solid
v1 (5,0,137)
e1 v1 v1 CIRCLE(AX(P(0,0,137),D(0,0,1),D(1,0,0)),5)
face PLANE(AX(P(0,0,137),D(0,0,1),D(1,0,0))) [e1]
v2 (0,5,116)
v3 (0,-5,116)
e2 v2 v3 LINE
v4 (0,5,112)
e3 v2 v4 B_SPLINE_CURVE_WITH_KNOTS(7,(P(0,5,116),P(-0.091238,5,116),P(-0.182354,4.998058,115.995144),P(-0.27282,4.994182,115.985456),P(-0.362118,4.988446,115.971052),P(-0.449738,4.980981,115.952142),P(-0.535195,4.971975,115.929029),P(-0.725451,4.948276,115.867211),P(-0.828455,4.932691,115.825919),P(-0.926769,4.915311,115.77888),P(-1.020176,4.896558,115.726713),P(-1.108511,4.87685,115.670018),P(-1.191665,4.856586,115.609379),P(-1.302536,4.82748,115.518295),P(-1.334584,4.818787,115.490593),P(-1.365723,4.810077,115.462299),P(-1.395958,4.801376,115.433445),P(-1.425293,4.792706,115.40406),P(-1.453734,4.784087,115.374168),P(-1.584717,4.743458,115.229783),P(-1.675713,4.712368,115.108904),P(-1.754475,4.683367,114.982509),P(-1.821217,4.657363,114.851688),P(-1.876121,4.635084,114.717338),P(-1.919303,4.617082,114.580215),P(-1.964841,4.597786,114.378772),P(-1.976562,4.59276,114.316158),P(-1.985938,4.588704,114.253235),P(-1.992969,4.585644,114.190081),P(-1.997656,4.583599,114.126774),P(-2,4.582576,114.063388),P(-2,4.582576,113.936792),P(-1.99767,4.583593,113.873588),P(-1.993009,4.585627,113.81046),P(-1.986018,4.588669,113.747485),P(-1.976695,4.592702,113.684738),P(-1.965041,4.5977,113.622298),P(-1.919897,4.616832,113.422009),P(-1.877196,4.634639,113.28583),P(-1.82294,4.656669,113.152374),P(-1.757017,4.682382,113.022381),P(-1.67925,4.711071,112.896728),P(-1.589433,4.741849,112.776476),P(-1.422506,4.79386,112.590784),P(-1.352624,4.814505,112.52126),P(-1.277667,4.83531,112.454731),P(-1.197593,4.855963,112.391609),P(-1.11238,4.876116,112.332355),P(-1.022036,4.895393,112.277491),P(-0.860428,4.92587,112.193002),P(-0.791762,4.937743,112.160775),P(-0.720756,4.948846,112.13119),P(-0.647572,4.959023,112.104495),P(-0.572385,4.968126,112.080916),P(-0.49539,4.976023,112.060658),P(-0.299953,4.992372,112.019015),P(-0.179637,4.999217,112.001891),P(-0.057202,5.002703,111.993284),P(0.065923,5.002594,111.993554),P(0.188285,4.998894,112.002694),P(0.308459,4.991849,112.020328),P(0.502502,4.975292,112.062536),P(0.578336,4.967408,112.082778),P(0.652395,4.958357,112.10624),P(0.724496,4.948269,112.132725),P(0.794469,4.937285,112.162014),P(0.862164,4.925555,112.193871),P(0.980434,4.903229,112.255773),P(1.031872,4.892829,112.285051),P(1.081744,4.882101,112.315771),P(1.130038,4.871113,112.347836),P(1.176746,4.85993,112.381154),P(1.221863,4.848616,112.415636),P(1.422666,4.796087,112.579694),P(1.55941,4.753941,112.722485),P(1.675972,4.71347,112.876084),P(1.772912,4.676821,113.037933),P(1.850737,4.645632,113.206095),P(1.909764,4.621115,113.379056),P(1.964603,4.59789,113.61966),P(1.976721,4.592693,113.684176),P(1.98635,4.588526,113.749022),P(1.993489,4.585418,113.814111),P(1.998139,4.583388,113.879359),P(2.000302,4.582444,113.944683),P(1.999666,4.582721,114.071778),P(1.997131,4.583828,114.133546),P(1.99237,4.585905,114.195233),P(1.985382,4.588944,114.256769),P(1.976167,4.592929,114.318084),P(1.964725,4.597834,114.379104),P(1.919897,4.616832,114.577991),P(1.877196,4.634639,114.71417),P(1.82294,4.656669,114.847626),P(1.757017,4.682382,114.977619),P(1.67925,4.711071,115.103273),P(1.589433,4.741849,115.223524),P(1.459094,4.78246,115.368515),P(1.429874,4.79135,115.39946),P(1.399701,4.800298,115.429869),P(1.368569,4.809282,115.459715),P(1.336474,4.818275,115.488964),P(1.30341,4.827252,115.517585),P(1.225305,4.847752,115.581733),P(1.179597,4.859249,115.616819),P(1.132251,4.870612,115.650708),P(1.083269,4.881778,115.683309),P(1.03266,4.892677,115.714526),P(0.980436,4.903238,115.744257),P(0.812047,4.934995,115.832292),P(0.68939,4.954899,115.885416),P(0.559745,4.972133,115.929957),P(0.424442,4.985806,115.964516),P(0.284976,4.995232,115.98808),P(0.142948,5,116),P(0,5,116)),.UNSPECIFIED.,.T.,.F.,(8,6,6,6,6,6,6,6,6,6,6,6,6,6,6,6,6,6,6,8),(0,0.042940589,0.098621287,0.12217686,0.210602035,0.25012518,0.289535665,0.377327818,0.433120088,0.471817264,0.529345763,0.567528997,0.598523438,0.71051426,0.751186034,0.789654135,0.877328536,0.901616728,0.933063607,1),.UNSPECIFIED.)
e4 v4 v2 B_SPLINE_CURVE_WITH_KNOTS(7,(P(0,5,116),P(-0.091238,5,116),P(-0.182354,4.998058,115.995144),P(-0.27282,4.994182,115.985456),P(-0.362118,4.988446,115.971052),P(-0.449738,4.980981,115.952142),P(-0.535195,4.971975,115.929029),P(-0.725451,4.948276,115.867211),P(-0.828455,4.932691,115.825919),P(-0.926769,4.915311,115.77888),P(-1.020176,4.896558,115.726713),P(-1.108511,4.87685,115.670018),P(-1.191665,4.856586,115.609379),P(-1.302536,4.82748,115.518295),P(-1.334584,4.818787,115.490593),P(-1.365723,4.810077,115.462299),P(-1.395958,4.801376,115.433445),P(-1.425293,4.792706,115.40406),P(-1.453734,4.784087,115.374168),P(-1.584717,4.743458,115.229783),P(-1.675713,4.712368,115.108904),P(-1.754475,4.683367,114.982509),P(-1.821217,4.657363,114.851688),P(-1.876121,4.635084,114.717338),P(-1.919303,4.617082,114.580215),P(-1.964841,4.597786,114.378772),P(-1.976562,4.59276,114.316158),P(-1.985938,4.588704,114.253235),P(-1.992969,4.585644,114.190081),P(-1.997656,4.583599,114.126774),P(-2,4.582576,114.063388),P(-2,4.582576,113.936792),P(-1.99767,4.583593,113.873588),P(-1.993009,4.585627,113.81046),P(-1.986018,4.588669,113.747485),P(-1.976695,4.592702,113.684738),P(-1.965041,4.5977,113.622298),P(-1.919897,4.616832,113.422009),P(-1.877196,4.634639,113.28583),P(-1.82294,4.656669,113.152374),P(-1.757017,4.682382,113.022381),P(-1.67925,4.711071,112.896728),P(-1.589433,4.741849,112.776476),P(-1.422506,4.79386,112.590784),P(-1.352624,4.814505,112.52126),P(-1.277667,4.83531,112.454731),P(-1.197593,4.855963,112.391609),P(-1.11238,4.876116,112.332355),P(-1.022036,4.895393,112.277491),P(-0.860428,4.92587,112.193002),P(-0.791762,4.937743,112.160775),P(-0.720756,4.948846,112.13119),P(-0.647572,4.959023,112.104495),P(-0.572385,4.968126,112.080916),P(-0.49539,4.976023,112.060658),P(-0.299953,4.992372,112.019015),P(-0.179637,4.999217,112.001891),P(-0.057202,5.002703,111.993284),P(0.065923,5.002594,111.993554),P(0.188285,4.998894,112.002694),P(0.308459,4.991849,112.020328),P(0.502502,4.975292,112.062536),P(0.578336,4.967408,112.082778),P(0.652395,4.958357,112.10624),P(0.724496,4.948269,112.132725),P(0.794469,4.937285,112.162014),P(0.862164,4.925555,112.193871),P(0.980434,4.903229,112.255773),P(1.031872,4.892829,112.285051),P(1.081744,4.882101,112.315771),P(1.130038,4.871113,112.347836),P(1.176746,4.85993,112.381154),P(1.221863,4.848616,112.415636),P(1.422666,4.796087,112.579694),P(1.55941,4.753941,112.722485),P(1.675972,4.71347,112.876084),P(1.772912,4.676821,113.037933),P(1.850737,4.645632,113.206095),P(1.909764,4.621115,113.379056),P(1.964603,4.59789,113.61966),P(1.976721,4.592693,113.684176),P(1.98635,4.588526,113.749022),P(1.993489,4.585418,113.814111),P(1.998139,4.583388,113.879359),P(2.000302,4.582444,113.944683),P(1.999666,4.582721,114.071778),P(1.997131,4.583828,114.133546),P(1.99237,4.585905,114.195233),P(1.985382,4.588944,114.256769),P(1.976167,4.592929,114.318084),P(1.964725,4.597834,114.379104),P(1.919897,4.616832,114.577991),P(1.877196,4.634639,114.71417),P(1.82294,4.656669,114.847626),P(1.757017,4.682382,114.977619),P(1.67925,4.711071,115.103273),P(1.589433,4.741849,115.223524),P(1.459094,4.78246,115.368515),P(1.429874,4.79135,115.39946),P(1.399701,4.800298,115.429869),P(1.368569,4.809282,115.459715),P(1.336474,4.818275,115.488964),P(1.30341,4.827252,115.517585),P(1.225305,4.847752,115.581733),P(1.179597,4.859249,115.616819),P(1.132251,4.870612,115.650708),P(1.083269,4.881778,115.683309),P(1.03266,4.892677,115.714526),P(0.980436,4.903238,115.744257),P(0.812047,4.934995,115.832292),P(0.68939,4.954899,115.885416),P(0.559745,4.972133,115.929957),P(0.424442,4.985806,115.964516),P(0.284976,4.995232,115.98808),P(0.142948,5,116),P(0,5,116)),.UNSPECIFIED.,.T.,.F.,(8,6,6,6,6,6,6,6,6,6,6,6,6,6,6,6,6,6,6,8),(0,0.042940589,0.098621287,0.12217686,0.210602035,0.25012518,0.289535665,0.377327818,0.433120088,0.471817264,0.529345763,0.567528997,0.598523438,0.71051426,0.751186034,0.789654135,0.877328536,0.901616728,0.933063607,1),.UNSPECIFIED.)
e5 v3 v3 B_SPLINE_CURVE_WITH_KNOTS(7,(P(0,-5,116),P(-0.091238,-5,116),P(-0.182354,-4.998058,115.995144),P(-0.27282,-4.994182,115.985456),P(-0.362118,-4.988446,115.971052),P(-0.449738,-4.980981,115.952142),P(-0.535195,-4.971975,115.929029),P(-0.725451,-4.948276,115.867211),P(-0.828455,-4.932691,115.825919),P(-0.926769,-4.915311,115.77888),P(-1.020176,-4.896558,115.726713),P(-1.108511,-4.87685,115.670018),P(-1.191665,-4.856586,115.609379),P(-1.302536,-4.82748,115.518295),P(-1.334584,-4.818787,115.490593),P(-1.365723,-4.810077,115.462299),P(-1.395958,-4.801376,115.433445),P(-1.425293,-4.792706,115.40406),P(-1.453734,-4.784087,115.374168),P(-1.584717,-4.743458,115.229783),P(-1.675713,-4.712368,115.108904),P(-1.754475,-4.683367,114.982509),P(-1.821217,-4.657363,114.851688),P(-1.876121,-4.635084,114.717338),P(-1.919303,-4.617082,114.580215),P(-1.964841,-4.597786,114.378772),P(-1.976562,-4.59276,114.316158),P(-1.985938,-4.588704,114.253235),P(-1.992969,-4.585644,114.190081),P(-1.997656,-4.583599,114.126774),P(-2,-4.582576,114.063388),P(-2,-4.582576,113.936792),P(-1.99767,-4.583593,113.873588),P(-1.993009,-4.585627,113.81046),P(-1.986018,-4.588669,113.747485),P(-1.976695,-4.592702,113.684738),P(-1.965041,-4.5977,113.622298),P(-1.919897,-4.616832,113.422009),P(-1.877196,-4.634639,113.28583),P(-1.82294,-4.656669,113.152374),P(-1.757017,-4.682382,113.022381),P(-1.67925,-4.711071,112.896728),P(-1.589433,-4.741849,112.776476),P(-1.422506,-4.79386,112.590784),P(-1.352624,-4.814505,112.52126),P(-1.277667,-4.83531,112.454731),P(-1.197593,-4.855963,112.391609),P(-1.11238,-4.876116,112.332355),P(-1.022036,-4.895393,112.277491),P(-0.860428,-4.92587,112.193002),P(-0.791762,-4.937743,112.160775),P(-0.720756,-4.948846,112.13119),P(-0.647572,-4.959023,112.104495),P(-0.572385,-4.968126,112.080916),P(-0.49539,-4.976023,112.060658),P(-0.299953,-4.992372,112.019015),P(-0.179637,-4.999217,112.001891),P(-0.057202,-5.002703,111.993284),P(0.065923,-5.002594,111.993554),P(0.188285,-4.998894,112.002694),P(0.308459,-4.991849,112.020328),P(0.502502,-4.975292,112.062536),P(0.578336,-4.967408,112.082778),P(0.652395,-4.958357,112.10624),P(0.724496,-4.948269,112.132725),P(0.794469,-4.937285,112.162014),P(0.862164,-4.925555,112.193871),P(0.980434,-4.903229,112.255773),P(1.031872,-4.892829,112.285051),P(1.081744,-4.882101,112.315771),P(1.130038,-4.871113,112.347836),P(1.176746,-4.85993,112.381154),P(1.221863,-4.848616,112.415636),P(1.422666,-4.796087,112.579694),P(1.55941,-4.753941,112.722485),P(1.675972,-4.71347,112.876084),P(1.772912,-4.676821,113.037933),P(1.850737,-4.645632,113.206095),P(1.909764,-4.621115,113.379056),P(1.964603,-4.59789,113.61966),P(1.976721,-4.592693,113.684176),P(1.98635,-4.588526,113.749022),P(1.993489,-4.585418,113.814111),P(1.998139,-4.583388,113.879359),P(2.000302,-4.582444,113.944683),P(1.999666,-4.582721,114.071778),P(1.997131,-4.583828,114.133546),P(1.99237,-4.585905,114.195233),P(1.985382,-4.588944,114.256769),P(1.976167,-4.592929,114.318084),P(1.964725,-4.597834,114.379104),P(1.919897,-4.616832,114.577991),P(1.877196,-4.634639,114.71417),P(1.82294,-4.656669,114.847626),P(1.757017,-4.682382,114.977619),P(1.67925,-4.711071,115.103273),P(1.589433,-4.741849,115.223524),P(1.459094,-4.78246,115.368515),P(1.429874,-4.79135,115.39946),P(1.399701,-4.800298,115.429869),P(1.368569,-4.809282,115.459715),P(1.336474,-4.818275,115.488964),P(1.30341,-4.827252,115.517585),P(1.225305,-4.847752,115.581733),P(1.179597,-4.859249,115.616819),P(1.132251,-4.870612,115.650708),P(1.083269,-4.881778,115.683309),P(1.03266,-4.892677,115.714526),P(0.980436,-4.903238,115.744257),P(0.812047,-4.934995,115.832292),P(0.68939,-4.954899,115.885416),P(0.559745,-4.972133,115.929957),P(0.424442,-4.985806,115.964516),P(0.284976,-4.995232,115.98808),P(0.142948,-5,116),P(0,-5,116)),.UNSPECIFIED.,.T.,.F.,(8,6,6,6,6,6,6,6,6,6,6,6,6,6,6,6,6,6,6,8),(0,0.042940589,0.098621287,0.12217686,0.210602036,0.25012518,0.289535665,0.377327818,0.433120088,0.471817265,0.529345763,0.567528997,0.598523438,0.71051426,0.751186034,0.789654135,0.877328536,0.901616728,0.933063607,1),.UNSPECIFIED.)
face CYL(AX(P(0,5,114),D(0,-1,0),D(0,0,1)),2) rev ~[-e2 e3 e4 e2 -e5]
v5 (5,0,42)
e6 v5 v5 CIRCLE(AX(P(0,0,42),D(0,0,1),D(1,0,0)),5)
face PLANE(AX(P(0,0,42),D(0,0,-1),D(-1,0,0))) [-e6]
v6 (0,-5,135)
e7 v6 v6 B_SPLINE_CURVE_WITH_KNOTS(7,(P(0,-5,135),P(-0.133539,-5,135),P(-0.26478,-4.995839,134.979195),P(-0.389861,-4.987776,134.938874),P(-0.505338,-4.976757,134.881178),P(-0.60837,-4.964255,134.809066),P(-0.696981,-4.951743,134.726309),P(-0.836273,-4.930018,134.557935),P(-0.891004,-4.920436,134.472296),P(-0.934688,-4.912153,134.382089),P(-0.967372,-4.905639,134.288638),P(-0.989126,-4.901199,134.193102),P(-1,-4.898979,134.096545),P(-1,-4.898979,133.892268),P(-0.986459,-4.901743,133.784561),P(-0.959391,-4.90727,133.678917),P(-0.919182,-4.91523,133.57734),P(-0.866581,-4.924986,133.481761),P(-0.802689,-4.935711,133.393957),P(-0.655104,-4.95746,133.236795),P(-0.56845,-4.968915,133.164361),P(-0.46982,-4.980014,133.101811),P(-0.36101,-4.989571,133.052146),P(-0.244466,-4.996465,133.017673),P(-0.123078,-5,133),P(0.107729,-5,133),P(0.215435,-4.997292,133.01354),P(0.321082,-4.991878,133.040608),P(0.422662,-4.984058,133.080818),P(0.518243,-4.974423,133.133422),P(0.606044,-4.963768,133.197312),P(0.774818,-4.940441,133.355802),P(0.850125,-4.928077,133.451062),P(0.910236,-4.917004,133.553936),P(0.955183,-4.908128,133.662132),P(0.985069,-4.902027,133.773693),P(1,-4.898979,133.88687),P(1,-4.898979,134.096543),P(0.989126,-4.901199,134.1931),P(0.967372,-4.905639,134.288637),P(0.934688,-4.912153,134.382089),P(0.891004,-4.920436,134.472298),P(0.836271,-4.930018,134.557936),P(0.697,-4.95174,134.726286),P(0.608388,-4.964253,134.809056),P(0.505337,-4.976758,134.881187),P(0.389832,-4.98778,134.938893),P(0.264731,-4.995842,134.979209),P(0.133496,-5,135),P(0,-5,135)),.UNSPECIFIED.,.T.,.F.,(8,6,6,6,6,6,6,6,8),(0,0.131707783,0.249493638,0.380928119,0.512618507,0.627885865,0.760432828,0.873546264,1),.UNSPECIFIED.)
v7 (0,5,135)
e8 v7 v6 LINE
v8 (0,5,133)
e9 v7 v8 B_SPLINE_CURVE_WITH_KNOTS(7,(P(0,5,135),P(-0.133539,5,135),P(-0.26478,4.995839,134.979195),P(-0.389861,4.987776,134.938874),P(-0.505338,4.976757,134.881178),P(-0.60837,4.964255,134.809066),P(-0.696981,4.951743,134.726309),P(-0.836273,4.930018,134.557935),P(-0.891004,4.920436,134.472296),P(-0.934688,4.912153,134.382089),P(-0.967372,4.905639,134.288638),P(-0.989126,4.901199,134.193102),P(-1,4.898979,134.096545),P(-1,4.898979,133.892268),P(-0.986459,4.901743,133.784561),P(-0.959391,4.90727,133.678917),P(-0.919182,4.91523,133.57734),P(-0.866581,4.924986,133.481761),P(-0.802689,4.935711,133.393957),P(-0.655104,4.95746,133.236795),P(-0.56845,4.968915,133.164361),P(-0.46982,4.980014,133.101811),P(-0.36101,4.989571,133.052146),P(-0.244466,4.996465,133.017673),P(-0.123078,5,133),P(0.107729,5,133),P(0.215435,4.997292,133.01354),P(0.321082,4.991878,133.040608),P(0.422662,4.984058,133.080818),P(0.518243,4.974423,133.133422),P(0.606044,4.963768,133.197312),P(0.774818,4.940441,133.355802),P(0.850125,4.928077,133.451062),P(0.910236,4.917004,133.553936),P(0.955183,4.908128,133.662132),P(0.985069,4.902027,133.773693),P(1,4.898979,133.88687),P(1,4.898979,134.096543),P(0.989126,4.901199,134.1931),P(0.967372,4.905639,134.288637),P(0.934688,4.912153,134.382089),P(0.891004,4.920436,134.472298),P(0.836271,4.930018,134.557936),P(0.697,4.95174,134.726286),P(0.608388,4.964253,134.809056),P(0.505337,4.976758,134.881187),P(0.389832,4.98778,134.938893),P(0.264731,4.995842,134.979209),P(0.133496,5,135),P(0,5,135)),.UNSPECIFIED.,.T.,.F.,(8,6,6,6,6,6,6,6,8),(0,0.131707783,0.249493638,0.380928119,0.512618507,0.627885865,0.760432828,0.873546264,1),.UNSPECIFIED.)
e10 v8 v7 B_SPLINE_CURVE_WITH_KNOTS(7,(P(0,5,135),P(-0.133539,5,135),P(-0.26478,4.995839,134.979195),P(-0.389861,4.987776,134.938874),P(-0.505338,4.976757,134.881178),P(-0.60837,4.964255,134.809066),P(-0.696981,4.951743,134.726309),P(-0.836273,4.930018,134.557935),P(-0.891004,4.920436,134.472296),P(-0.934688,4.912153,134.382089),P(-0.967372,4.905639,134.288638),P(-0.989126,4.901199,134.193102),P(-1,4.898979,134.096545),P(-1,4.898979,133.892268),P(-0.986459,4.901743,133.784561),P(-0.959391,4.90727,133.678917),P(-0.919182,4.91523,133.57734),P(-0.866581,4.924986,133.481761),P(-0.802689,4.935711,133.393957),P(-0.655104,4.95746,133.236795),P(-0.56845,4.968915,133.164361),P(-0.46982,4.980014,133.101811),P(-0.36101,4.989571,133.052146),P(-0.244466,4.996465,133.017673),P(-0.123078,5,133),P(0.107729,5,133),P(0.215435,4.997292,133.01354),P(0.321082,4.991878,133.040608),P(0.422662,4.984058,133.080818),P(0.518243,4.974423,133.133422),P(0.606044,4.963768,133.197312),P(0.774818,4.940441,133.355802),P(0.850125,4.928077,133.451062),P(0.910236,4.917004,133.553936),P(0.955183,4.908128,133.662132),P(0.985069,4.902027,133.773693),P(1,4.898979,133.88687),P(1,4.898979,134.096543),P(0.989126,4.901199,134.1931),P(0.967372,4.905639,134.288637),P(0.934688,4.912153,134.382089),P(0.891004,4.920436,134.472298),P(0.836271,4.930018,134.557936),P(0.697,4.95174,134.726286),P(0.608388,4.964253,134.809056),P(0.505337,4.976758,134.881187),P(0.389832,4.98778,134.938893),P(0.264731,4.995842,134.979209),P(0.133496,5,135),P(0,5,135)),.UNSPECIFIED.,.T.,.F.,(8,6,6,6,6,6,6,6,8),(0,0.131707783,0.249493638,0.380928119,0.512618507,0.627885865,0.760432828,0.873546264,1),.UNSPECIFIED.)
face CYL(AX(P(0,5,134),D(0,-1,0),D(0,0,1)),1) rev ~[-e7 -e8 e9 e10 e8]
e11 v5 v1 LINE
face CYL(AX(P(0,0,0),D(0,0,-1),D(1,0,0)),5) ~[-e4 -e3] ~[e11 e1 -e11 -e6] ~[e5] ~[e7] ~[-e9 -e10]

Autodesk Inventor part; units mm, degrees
ref_plane "YZ Plane" through (0, 0, 0) normal (1, 0, 0) x (0, 1, 0)
ref_plane "XY Plane" through (0, 0, 0) normal (0, 0, 1) x (1, 0, 0)
sketch "スケッチ1" plane through (0, 0, 0) normal (0, 0, 1) x (1, 0, 0)
  circle A0 centre (0, 0) radius 5
  dimension "d0" = 10
extrude "押し出し1" add sketch "スケッチ1" along normal blind 137
ref_plane "作業平面1" through (0, 5, 0) normal (0, 1, 0) x (-1, 0, 0)
sketch "スケッチ2" plane through (0, 5, 0) normal (0, 1, 0) x (-1, 0, 0)
  line L0 (5, 0) -> (-5, 0) projected
  line L1 (5, 137) -> (-5, 137) projected
  point P0 (0, 0)
  point P1 (0, 3)
  point P2 (0, 134)
  point P3 (0, 114)
  point P4 (0, 38)
  point P5 (0, 69.5)
  point P6 (0, 50)
  dimension "d3" = 3
  dimension "d19" = 3
  dimension "d20" = 23
  dimension "d22" = 99
  dimension "d23" = 44.5
  dimension "d24" = 19.5
hole "穴1" at (0, 5, 3) at (0, 5, 134) at (0, 5, 38) direction (0, -1, 0) diameter 2 end through all
hole "穴2" at (0, 5, 114) direction (0, -1, 0) diameter 4 end through all
sketch "スケッチ4" plane through (0, 0, 0) normal (0, 0, -1) x (-1, 0, 0)
  circle A0 centre (0, 0) radius 5 projected
  circle A1 centre (0, 0) radius 5
extrude "押し出し2" cut sketch "スケッチ4" against normal blind 42
properties part number "light_bar_roller_10" material "アルミニウム 6061-AHC"
